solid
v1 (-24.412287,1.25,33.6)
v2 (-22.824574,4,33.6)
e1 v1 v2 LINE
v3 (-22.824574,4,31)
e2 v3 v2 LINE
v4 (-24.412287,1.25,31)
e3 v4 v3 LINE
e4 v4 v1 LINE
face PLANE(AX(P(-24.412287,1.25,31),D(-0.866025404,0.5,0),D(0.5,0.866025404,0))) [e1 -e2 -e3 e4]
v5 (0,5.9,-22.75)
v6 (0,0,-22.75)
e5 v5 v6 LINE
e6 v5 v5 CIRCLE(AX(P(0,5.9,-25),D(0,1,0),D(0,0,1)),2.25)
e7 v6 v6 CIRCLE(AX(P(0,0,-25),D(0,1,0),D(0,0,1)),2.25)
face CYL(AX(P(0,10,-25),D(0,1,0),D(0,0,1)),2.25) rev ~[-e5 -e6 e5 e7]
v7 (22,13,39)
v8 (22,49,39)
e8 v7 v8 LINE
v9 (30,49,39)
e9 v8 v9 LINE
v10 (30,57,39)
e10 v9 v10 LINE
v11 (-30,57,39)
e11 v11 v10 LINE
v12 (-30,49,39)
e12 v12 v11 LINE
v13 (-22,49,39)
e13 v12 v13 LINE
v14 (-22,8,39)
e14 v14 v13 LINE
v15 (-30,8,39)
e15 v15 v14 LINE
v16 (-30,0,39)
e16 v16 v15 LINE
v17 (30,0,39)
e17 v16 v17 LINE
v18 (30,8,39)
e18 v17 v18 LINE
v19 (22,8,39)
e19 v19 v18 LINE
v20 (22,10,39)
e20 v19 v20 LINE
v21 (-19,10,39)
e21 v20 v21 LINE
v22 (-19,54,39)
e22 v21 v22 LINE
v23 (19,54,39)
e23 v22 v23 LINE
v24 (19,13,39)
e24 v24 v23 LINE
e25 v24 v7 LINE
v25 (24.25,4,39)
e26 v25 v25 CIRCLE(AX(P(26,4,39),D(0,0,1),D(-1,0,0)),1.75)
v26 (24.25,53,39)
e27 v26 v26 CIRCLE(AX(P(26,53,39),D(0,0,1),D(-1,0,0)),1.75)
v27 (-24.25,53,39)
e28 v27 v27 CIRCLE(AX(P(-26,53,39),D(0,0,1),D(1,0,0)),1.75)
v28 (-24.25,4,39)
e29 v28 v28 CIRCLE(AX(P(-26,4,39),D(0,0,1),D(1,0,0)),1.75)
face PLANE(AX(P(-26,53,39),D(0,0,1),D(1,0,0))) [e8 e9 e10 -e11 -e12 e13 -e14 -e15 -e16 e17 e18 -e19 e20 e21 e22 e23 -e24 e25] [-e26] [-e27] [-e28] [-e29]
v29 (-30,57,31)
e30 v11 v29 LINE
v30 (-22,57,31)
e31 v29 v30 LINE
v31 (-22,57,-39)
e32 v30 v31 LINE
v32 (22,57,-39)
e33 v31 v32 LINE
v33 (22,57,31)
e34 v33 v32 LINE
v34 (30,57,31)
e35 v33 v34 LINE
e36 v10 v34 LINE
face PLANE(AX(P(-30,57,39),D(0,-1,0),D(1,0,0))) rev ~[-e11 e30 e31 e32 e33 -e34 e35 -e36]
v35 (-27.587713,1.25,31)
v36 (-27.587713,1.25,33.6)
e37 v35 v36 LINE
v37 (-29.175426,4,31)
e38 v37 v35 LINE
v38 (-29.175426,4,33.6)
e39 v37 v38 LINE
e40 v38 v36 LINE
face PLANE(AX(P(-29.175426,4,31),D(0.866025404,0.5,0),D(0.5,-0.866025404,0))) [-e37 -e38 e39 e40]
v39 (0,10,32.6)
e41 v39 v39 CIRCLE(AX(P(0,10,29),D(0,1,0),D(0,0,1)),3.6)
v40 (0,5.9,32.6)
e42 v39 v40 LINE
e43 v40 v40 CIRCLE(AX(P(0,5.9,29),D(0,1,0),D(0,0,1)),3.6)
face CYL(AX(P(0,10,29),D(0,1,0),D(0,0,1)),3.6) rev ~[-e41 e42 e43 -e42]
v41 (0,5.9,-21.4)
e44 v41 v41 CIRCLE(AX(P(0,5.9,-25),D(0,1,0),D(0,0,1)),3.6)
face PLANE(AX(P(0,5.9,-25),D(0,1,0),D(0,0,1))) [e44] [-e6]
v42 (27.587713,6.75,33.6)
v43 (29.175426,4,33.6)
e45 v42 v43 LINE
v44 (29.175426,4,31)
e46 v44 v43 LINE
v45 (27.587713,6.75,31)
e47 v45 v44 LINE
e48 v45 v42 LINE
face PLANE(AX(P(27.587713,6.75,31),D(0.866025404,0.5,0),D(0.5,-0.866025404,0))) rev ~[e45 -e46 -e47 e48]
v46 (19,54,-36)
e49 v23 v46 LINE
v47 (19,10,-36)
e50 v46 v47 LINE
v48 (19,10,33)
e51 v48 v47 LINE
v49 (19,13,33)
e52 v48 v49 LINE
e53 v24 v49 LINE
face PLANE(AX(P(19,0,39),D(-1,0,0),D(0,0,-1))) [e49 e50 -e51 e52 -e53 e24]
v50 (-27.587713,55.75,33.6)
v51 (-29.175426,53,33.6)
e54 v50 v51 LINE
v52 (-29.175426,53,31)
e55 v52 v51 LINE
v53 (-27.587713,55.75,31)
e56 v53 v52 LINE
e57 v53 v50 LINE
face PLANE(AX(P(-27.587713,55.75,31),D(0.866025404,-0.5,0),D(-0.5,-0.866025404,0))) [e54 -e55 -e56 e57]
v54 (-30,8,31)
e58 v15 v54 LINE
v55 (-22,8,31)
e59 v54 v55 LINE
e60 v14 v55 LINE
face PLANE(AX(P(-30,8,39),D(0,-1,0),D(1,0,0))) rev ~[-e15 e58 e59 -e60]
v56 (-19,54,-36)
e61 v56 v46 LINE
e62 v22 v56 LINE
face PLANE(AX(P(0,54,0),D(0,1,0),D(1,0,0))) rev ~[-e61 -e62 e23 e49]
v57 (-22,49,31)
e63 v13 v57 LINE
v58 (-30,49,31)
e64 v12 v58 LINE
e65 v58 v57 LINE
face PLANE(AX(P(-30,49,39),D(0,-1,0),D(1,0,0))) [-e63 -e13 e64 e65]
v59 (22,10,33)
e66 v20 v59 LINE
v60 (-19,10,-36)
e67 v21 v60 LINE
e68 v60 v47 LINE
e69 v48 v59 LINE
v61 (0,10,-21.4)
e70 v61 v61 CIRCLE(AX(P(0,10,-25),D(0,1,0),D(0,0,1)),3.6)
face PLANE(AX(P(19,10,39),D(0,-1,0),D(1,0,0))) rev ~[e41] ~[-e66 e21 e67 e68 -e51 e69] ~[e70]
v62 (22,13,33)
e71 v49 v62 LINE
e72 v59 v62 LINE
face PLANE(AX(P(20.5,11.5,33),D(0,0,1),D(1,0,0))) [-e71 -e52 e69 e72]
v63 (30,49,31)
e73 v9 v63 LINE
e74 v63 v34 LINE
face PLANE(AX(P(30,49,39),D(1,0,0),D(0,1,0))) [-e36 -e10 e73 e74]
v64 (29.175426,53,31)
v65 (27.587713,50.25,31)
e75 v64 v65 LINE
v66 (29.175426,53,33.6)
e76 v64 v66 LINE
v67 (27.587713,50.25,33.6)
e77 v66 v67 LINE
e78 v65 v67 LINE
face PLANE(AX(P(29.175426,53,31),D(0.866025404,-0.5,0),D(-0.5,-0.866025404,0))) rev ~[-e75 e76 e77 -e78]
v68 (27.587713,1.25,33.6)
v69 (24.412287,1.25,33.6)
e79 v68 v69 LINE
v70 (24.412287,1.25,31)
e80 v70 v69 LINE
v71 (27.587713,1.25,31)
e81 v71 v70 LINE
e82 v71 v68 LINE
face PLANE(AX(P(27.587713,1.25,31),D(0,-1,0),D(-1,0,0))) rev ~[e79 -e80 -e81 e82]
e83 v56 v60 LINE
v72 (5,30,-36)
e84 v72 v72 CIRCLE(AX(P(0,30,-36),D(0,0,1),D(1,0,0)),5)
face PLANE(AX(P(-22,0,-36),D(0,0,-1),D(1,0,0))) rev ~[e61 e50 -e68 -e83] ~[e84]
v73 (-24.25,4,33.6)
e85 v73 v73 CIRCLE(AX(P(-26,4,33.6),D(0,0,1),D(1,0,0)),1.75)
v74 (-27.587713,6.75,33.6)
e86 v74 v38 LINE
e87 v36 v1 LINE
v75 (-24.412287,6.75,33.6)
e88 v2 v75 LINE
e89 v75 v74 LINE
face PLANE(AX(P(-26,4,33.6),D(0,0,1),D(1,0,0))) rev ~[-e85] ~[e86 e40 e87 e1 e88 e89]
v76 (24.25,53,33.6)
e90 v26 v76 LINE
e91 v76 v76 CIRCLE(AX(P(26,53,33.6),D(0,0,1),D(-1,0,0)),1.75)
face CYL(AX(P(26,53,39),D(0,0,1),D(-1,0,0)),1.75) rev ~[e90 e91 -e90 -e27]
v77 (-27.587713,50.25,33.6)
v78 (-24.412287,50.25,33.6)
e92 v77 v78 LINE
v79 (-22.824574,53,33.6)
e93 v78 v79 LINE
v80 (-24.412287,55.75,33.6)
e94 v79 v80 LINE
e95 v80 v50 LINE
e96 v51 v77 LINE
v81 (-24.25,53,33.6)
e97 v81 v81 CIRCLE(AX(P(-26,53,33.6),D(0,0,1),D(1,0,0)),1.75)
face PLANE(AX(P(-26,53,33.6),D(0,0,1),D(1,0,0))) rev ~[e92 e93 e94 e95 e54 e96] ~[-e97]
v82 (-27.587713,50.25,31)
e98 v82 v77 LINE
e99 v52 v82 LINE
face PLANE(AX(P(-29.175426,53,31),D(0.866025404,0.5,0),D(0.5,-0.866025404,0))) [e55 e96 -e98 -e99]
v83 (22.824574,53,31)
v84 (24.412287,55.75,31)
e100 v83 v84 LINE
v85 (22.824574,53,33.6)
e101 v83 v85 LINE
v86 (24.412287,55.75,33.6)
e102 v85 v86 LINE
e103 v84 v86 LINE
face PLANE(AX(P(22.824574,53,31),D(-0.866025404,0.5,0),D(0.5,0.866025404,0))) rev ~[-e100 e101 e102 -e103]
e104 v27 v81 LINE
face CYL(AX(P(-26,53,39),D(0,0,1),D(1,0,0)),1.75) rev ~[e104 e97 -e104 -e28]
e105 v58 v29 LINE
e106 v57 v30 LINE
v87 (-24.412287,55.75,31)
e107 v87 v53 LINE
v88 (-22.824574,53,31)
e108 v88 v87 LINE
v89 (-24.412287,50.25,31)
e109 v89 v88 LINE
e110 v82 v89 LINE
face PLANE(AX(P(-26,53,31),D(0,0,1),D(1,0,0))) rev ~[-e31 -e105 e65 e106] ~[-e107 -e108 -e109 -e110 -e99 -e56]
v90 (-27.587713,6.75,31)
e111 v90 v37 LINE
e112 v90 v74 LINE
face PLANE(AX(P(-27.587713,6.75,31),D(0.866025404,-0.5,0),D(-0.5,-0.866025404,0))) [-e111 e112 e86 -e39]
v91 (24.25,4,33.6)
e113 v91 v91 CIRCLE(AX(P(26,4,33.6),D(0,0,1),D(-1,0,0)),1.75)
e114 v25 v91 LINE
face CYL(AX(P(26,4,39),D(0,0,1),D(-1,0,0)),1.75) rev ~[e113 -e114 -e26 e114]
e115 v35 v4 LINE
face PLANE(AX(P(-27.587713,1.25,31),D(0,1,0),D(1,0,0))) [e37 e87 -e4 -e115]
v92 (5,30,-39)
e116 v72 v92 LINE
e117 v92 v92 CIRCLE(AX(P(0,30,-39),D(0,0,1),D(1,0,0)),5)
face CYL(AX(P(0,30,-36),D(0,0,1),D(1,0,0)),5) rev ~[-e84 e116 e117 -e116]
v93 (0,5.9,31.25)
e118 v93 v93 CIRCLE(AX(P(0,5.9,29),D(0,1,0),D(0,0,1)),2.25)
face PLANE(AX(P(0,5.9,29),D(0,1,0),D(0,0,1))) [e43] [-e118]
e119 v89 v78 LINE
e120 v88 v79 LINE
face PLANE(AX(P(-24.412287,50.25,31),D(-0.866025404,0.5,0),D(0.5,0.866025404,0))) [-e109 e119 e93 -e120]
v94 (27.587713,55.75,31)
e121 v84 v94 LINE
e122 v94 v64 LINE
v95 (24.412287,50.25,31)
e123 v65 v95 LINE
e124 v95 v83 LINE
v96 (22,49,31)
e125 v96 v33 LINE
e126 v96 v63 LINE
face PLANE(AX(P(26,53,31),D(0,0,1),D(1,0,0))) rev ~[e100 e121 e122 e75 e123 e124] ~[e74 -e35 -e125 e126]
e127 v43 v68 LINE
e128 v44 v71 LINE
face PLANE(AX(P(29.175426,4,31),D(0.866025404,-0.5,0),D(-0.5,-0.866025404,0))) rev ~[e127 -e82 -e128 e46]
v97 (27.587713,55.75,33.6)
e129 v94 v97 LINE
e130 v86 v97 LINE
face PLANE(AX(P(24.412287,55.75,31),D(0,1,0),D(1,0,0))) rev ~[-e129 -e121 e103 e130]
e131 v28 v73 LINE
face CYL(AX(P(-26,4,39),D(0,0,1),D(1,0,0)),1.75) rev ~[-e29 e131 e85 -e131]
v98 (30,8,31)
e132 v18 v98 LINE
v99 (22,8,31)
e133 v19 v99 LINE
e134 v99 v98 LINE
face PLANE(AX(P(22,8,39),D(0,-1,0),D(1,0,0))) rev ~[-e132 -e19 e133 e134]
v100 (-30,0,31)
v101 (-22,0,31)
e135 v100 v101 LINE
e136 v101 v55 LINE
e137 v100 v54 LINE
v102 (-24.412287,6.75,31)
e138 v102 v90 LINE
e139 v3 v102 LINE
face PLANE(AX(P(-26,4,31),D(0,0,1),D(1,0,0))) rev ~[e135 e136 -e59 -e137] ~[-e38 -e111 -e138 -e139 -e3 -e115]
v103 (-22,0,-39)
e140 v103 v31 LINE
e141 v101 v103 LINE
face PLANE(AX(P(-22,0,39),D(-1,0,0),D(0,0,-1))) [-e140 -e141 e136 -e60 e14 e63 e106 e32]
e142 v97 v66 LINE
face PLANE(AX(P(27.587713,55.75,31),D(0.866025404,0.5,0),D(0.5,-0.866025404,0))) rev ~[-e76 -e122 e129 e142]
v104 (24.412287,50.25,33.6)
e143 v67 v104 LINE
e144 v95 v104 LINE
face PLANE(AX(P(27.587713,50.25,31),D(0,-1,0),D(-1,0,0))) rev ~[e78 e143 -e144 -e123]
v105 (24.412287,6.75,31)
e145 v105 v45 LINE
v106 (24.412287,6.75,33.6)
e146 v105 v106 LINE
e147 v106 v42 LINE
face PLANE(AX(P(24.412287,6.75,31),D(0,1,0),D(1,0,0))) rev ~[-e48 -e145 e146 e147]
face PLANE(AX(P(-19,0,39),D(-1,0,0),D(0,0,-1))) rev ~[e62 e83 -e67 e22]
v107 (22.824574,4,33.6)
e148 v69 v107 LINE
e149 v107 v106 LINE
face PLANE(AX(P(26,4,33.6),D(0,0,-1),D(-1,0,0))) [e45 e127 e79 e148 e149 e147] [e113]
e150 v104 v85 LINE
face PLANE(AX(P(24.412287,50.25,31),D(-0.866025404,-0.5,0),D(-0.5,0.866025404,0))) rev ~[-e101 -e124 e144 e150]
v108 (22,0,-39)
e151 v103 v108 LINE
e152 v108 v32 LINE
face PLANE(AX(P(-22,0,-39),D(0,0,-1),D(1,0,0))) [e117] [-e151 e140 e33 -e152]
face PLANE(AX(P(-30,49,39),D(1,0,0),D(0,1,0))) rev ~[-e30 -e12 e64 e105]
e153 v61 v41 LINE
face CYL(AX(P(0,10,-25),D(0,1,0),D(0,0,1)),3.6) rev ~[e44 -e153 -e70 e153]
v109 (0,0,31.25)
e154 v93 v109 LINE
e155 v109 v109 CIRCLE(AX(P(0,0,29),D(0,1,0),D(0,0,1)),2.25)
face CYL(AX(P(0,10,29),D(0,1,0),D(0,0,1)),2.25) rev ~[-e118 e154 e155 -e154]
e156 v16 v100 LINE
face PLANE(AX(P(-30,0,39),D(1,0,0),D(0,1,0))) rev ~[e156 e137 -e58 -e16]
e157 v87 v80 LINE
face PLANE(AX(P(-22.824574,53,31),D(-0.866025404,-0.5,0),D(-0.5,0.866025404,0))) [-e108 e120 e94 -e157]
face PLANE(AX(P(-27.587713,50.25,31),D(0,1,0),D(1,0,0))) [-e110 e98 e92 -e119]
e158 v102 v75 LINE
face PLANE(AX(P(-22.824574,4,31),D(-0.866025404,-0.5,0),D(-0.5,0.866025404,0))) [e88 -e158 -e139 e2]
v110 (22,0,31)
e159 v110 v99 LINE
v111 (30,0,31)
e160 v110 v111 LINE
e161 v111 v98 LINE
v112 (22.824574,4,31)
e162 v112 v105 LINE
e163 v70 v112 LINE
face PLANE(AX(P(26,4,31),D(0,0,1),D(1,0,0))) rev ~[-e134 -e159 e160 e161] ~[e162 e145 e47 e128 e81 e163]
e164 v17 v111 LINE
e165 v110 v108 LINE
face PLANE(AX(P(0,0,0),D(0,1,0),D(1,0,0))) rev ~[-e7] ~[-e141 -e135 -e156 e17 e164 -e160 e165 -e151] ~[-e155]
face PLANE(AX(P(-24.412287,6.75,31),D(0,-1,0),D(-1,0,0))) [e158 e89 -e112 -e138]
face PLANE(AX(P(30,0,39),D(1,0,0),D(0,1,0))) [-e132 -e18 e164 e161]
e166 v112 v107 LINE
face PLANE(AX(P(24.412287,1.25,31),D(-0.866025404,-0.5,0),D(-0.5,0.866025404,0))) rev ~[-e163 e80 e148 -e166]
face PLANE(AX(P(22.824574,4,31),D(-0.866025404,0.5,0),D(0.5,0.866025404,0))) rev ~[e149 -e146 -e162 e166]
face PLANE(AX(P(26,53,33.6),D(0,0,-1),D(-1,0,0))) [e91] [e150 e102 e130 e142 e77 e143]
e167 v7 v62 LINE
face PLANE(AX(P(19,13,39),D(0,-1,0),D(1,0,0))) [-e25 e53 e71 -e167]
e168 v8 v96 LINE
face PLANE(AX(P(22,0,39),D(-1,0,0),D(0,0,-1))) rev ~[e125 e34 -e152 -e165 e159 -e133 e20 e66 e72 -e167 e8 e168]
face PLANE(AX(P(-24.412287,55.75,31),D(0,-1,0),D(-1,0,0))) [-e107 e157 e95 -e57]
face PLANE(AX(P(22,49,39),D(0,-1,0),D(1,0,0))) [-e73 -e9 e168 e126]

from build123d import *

# Parameters (mm, degrees)
SKETCH_1_W                 = 44
SKETCH_1_H                 = 78
EXTRUDE_1_DEPTH            = 57
SHELL_1_T                  = -3
SHELL_1_THICKNESS_2_FACE_W = 75
SHELL_1_THICKNESS_2_FACE_H = 38
SHELL_1_THICKNESS_2_DEPTH  = 7
SKETCH_3_R                 = 3.6
CUT_EXTRUDE_1_DEPTH        = 4.1
CUT_EXTRUDE_2_REACH        = 66.915
SKETCH_4_R                 = 2.25
SKETCH_5_W                 = 3
SKETCH_5_H                 = 3
CUT_EXTRUDE_3_DEPTH        = 6
SKETCH_6_W                 = 8
SKETCH_6_H                 = 8
SKETCH_6_R                 = 1.75
EXTRUDE_2_DEPTH            = 8
CUT_EXTRUDE_4_DEPTH        = 2.6
CUT_EXTRUDE_5_REACH        = 100.864
SKETCH_8_R                 = 5


with BuildPart() as part:
    # 草圖1 → 填料-伸長1 (new body)
    with BuildSketch(Plane(origin=(0, 0, 0), x_dir=(1, 0, 0), z_dir=(0, 1, 0))):
        Rectangle(SKETCH_1_W, SKETCH_1_H)
    extrude(amount=EXTRUDE_1_DEPTH)

    # 薄殼1
    shell_1_openings = [part.faces().sort_by_distance(p)[0] for p in [
        (0, 28.5, 39),
    ]]
    offset(amount=SHELL_1_T, openings=shell_1_openings, kind=Kind.INTERSECTION)

    # 薄殼1 thickness 2 face (on inner face of the shell) → 薄殼1 thickness 2 (add)
    with BuildSketch(Plane(origin=(0, 3, 1.5), x_dir=(0, 0, -1), z_dir=(0, -1, 0))):
        Rectangle(SHELL_1_THICKNESS_2_FACE_W, SHELL_1_THICKNESS_2_FACE_H)
    extrude(amount=-SHELL_1_THICKNESS_2_DEPTH)

    # 草圖3 → 除料-伸長1 (cut)
    with BuildSketch(Plane(origin=(0, 10, 0), x_dir=(1, 0, 0), z_dir=(0, 1, 0))):
        with Locations(Location((0, 25, 0), (0, 0, 270))):
            Circle(SKETCH_3_R)
        with Locations(Location((0, -29, 0), (0, 0, 270))):
            Circle(SKETCH_3_R)
    extrude(amount=-CUT_EXTRUDE_1_DEPTH, mode=Mode.SUBTRACT)

    # 草圖4 → 除料-伸長2 (cut, up to next)
    with BuildSketch(Plane(origin=(0, 10, 0), x_dir=(1, 0, 0), z_dir=(0, 1, 0)), mode=Mode.PRIVATE) as cut_extrude_2_sk1:
        with Locations(Location((0, 25, 0), (0, 0, 270))):
            Circle(SKETCH_4_R)
    cut_extrude_2_tool1 = extrude(cut_extrude_2_sk1.sketch, amount=-CUT_EXTRUDE_2_REACH, mode=Mode.PRIVATE) & part.part
    # 草圖4 → 除料-伸長2 (cut, up to next)
    with BuildSketch(Plane(origin=(0, 10, 0), x_dir=(1, 0, 0), z_dir=(0, 1, 0)), mode=Mode.PRIVATE) as cut_extrude_2_sk2:
        with Locations(Location((0, -29, 0), (0, 0, 270))):
            Circle(SKETCH_4_R)
    cut_extrude_2_tool2 = extrude(cut_extrude_2_sk2.sketch, amount=-CUT_EXTRUDE_2_REACH, mode=Mode.PRIVATE) & part.part
    add(cut_extrude_2_tool1.solids().sort_by_distance((0, 10, -25))[0], mode=Mode.SUBTRACT)
    add(cut_extrude_2_tool2.solids().sort_by_distance((0, 10, 29))[0], mode=Mode.SUBTRACT)

    # 草圖5 → 除料-伸長3 (cut)
    with BuildSketch(Plane.XY.offset(39)):
        with Locations((20.5, 11.5)):
            Rectangle(SKETCH_5_W, SKETCH_5_H)
    extrude(amount=-CUT_EXTRUDE_3_DEPTH, mode=Mode.SUBTRACT)

    # 草圖6 → 填料-伸長2 (add)
    with BuildSketch(Plane.XY.offset(39)):
        with Locations((-26, 53)):
            Rectangle(SKETCH_6_W, SKETCH_6_H)
        with Locations((-26, 53)):
            Circle(SKETCH_6_R, mode=Mode.SUBTRACT)
        with Locations((-26, 4)):
            Rectangle(SKETCH_6_W, SKETCH_6_H)
        with Locations((-26, 4)):
            Circle(SKETCH_6_R, mode=Mode.SUBTRACT)
        with Locations((26, 4)):
            Rectangle(SKETCH_6_W, SKETCH_6_H)
        with Locations(Location((26, 4, 0), (0, 0, 180))):
            Circle(SKETCH_6_R, mode=Mode.SUBTRACT)
        with Locations((26, 53)):
            Rectangle(SKETCH_6_W, SKETCH_6_H)
        with Locations(Location((26, 53, 0), (0, 0, 180))):
            Circle(SKETCH_6_R, mode=Mode.SUBTRACT)
    extrude(amount=-EXTRUDE_2_DEPTH)

    # 草圖7 → 除料-伸長4 (cut)
    with BuildSketch(Plane(origin=(0, 0, 31), x_dir=(-1, 0, 0), z_dir=(0, 0, -1))):
        Polygon((-22.824573519, 53), (-24.41228676, 55.75), (-27.58771324, 55.75), (-29.175426481, 53), (-27.58771324, 50.25), (-24.41228676, 50.25), align=None)
        Polygon((-22.824573519, 4), (-24.41228676, 6.75), (-27.58771324, 6.75), (-29.175426481, 4), (-27.58771324, 1.25), (-24.41228676, 1.25), align=None)
        Polygon((24.41228676, 1.25), (22.824573519, 4), (24.41228676, 6.75), (27.58771324, 6.75), (29.175426481, 4), (27.58771324, 1.25), align=None)
        Polygon((24.41228676, 50.25), (22.824573519, 53), (24.41228676, 55.75), (27.58771324, 55.75), (29.175426481, 53), (27.58771324, 50.25), align=None)
    extrude(amount=-CUT_EXTRUDE_4_DEPTH, mode=Mode.SUBTRACT)

    # 草圖8 → 除料-伸長5 (cut, up to next)
    with BuildSketch(Plane.XY.offset(-36), mode=Mode.PRIVATE) as cut_extrude_5_sk1:
        with Locations((0, 30)):
            Circle(SKETCH_8_R)
    cut_extrude_5_tool1 = extrude(cut_extrude_5_sk1.sketch, amount=-CUT_EXTRUDE_5_REACH, mode=Mode.PRIVATE) & part.part
    add(cut_extrude_5_tool1.solids().sort_by_distance((0, 30, -36))[0], mode=Mode.SUBTRACT)


solid = part.part
